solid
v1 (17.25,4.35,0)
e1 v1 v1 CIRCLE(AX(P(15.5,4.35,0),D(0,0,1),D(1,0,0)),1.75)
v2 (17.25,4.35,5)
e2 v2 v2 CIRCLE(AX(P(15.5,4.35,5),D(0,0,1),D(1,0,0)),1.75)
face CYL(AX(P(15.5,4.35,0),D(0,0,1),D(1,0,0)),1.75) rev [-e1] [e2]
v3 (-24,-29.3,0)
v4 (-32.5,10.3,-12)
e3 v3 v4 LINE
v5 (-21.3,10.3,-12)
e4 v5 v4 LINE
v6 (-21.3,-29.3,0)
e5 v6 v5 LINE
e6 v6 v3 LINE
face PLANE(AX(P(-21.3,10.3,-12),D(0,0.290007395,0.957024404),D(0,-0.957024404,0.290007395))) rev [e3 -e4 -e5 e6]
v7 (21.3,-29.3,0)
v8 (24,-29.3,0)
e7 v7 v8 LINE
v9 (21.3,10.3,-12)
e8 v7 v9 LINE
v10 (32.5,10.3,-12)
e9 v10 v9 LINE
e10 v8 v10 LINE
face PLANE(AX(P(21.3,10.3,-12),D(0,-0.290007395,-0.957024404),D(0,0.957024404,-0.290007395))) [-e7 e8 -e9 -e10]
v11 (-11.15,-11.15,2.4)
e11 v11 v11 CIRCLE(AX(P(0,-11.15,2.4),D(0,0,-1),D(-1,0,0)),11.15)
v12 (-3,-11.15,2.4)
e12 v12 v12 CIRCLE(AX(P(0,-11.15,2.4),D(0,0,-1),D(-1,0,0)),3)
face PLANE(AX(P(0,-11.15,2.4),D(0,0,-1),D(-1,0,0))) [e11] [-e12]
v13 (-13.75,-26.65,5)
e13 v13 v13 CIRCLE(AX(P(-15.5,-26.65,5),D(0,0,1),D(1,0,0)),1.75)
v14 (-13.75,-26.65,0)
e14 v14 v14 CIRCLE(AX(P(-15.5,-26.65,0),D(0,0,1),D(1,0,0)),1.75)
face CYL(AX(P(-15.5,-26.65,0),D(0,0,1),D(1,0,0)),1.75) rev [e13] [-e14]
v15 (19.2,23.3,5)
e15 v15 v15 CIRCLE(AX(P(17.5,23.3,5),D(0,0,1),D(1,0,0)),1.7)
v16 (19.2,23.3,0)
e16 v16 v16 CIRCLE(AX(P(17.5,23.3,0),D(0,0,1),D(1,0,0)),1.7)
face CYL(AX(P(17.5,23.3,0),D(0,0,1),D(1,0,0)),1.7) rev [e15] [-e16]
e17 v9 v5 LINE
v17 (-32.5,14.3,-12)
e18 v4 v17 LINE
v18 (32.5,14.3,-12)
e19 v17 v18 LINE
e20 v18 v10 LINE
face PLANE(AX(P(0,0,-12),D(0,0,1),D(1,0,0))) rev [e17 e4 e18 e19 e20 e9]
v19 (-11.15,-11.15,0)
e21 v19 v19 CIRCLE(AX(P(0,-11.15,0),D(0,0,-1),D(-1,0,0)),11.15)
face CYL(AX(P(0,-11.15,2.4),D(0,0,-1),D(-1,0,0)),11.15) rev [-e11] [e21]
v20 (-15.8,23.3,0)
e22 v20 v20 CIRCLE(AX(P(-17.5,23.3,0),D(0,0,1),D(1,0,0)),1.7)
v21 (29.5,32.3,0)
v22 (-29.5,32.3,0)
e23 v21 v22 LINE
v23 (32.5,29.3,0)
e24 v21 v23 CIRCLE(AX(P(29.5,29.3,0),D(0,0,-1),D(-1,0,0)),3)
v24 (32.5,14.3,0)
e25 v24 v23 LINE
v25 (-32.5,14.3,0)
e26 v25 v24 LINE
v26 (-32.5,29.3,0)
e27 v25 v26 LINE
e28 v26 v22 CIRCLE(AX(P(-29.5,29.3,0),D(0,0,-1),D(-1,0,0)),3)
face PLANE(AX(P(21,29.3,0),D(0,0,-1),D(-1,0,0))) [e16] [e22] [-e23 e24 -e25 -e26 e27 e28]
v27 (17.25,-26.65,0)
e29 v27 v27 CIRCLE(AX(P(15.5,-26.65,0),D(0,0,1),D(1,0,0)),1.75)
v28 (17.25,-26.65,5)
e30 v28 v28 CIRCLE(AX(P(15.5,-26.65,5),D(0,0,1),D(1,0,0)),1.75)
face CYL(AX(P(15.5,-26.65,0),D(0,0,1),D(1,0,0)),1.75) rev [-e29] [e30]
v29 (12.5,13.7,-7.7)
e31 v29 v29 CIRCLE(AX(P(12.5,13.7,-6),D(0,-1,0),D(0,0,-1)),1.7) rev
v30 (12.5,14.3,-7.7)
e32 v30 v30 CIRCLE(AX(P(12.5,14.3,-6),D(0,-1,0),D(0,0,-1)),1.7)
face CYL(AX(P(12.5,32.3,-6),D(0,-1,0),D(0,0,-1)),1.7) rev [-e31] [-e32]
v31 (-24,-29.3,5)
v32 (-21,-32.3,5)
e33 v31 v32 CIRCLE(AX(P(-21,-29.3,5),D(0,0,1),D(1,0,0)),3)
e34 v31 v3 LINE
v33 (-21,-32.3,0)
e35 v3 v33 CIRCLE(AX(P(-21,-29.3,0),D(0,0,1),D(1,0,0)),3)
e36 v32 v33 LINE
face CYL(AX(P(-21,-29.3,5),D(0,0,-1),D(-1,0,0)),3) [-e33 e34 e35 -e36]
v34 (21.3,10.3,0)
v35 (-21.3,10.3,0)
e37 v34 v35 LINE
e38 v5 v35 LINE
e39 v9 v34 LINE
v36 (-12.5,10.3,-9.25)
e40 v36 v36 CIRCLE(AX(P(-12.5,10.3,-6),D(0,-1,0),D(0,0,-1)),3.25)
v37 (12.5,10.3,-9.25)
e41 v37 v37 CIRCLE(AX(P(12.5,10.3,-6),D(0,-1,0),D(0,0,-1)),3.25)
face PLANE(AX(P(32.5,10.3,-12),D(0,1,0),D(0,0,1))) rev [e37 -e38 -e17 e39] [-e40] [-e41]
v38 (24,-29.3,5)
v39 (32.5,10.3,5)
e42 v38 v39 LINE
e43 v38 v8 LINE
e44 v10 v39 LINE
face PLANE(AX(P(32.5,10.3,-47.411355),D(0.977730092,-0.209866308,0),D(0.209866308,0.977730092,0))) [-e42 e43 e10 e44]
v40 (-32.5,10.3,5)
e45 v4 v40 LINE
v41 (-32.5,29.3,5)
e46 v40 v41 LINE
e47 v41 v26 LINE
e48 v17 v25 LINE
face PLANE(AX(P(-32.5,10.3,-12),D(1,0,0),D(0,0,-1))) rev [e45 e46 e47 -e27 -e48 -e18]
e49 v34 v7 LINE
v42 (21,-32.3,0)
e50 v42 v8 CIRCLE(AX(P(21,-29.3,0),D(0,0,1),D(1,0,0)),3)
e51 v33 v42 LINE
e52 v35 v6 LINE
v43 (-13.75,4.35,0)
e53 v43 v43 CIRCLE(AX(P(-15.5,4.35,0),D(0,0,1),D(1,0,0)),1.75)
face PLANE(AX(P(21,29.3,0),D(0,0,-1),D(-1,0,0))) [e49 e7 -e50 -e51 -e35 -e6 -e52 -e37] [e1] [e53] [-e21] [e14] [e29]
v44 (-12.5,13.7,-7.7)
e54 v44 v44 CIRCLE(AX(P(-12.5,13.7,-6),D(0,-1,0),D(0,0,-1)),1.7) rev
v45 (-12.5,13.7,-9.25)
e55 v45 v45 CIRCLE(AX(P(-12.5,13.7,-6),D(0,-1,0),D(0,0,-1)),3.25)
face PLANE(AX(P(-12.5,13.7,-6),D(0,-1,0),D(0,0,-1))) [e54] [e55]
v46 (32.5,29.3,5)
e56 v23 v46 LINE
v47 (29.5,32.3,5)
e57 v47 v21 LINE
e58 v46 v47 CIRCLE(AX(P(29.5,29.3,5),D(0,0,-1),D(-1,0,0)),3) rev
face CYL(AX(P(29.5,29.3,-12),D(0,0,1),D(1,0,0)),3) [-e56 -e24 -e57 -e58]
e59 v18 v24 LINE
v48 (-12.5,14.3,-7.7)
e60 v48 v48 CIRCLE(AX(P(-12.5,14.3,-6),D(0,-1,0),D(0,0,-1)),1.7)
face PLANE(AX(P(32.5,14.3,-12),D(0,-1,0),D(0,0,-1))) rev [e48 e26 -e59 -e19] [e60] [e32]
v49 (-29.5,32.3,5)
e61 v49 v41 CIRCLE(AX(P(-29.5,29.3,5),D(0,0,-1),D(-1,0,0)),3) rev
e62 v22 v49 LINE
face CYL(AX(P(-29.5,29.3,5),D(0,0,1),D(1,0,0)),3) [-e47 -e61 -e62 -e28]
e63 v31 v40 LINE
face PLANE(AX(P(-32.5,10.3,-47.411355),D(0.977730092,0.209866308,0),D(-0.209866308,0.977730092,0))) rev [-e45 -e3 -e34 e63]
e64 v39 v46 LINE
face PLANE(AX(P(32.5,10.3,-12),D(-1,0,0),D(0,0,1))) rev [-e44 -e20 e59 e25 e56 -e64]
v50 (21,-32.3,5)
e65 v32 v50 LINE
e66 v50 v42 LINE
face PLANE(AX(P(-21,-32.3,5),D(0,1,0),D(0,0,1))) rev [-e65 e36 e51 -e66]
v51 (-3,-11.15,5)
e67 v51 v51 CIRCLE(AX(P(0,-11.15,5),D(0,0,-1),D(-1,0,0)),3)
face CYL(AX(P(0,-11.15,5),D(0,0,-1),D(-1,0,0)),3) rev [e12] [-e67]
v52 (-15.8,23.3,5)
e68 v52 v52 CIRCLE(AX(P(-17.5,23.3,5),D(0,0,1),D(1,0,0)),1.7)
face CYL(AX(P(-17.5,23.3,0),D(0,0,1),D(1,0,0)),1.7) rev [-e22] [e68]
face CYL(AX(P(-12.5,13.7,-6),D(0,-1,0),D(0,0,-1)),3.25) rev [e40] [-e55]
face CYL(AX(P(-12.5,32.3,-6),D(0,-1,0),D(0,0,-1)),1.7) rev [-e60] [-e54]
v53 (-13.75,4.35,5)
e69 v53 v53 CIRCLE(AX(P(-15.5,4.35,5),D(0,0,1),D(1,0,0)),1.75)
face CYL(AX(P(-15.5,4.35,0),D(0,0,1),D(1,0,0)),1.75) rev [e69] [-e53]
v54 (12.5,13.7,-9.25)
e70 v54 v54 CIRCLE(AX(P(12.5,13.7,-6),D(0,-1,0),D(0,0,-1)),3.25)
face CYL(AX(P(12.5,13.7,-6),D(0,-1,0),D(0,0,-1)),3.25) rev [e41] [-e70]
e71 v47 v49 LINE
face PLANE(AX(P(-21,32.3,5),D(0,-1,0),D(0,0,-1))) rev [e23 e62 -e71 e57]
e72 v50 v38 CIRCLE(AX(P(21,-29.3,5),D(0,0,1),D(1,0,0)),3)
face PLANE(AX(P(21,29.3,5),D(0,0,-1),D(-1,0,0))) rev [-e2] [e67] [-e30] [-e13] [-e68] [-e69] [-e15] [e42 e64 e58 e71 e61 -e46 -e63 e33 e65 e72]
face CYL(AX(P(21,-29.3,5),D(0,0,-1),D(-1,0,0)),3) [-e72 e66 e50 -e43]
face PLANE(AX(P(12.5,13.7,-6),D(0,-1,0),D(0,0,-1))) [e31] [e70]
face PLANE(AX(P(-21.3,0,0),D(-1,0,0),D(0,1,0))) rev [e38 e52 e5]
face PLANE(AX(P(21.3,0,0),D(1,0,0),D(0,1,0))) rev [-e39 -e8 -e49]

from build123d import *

# Parameters (mm, degrees)
AUFSATZ_LINEAR_AUSTRAGEN1_DEPTH  = 5
SKIZZE2_R                        = 1.75
SKIZZE2_R_2                      = 1.7
SCHNITT_LINEAR_AUSTRAGEN1_DEPTH  = 41.549845869
SKIZZE3_R                        = 11.15
SCHNITT_LINEAR_AUSTRAGEN2_DEPTH  = 2.4
SKIZZE4_R                        = 3
SCHNITT_LINEAR_AUSTRAGEN3_DEPTH  = 41.324310285
SKIZZE9_W                        = 65
SKIZZE9_H                        = 4
AUFSATZ_LINEAR_AUSTRAGEN6_DEPTH  = 12
SKIZZE13_W                       = 8.5
SKIZZE13_H                       = 5
AUFSATZ_LINEAR_AUSTRAGEN8_DEPTH  = 4
AUFSATZ_LINEAR_AUSTRAGEN7_DEPTH  = 2.7
SKIZZE14_R                       = 1.7
SCHNITT_LINEAR_AUSTRAGEN4_DEPTH  = 55.909106713
SKIZZE15_R                       = 3.25
SCHNITT_LINEAR_AUSTRAGEN5_DEPTH  = 3.4
AUFSATZ_LINEAR_AUSTRAGEN9_REACH  = 50.873
AUFSATZ_LINEAR_AUSTRAGEN10_DEPTH = 5
VERRUNDUNG4_R                    = 3
VERRUNDUNG4_OF_SPIEGELN5_R       = 3


with BuildPart() as part:
    # Skizze1 → Aufsatz-Linear austragen1 (new body)
    with BuildSketch(Plane.XY):
        with BuildLine():
            Line((-21, 32.3), (21, 32.3))
            ThreePointArc((21, 32.3), (23.121320344, 31.421320344), (24, 29.3))
            Line((24, 29.3), (24, -29.3))
            ThreePointArc((24, -29.3), (23.121320344, -31.421320344), (21, -32.3))
            Line((21, -32.3), (-21, -32.3))
            ThreePointArc((-21, -32.3), (-23.121320344, -31.421320344), (-24, -29.3))
            Line((-24, -29.3), (-24, 29.3))
            ThreePointArc((-24, 29.3), (-23.121320344, 31.421320344), (-21, 32.3))
        make_face()
    extrude(amount=AUFSATZ_LINEAR_AUSTRAGEN1_DEPTH)

    # Skizze2 → Schnitt-Linear austragen1 (cut, through all)
    with BuildSketch(Plane.XY.offset(5)):
        with Locations((-15.5, -26.65)):
            Circle(SKIZZE2_R)
        with Locations((15.5, -26.65)):
            Circle(SKIZZE2_R)
        with Locations((15.5, 4.35)):
            Circle(SKIZZE2_R)
        with Locations((-15.5, 4.35)):
            Circle(SKIZZE2_R)
        with Locations((-17.5, 23.3)):
            Circle(SKIZZE2_R_2)
        with Locations((17.5, 23.3)):
            Circle(SKIZZE2_R_2)
    extrude(amount=-SCHNITT_LINEAR_AUSTRAGEN1_DEPTH, mode=Mode.SUBTRACT)

    # Skizze3 → Schnitt-Linear austragen2 (cut)
    with BuildSketch(Plane(origin=(0, 0, 0), x_dir=(-1, 0, 0), z_dir=(0, 0, -1))):
        with Locations((0, -11.15)):
            Circle(SKIZZE3_R)
    extrude(amount=-SCHNITT_LINEAR_AUSTRAGEN2_DEPTH, mode=Mode.SUBTRACT)

    # Skizze4 → Schnitt-Linear austragen3 (cut, through all)
    with BuildSketch(Plane(origin=(0, 0, 2.4), x_dir=(-1, 0, 0), z_dir=(0, 0, -1))):
        with Locations((0, -11.15)):
            Circle(SKIZZE4_R)
    extrude(amount=-SCHNITT_LINEAR_AUSTRAGEN3_DEPTH, mode=Mode.SUBTRACT)

    # Skizze9 → Aufsatz-Linear austragen6 (add)
    with BuildSketch(Plane(origin=(0, 0, 0), x_dir=(-1, 0, 0), z_dir=(0, 0, -1))):
        with Locations((0, 12.3)):
            Rectangle(SKIZZE9_W, SKIZZE9_H)
    extrude(amount=AUFSATZ_LINEAR_AUSTRAGEN6_DEPTH)

    # Skizze13 → Aufsatz-Linear austragen8 (add)
    with BuildSketch(Plane(origin=(0, 14.3, 0), x_dir=(1, 0, 0), z_dir=(0, 1, 0))):
        with Locations((28.25, -2.5)):
            Rectangle(SKIZZE13_W, SKIZZE13_H)
    aufsatz_linear_austragen8 = extrude(amount=-AUFSATZ_LINEAR_AUSTRAGEN8_DEPTH)

    # Skizze11 → Aufsatz-Linear austragen7 (add)
    with BuildSketch(Plane(origin=(24, 0, 0), x_dir=(0, 0, -1), z_dir=(1, 0, 0))):
        Polygon((12, 10.3), (0, -29.3), (0, 10.3), align=None)
    aufsatz_linear_austragen7 = extrude(amount=-AUFSATZ_LINEAR_AUSTRAGEN7_DEPTH)

    # Spiegeln4: Aufsatz-Linear austragen8, Aufsatz-Linear austragen7 across plane
    add(aufsatz_linear_austragen8.mirror(Plane.ZY))
    add(aufsatz_linear_austragen7.mirror(Plane.ZY))

    # Skizze14 → Schnitt-Linear austragen4 (cut, through all)
    with BuildSketch(Plane.XZ.offset(-10.3)):
        with Locations(Location((12.5, -6, 0), (0, 0, 270))):
            Circle(SKIZZE14_R)
        with Locations(Location((-12.5, -6, 0), (0, 0, 270))):
            Circle(SKIZZE14_R)
    extrude(amount=-SCHNITT_LINEAR_AUSTRAGEN4_DEPTH, mode=Mode.SUBTRACT)

    # Skizze15 → Schnitt-Linear austragen5 (cut)
    with BuildSketch(Plane(origin=(0, 10.3, 0), x_dir=(-1, 0, 0), z_dir=(0, -1, 0))):
        with Locations(Location((12.5, 6, 0), (0, 0, 90))):
            Circle(SKIZZE15_R)
        with Locations(Location((-12.5, 6, 0), (0, 0, 90))):
            Circle(SKIZZE15_R)
    extrude(amount=-SCHNITT_LINEAR_AUSTRAGEN5_DEPTH, mode=Mode.SUBTRACT)

    # Aufsatz-Linear austragen9: up to this plane
    aufsatz_linear_austragen9_end = Plane(origin=(21.3, 10.3, -12), z_dir=(0, -0.29000739528287084, -0.9570244044334736))
    # Skizze16 → Aufsatz-Linear austragen9 (add, up to the surface)
    with BuildSketch(Plane.XY.offset(5), mode=Mode.PRIVATE) as aufsatz_linear_austragen9_sk1:
        Polygon((32.5, 10.3), (24, -29.3), (24, 10.3), align=None)
    aufsatz_linear_austragen9_tool1 = split(extrude(aufsatz_linear_austragen9_sk1.sketch, amount=-AUFSATZ_LINEAR_AUSTRAGEN9_REACH, mode=Mode.PRIVATE), bisect_by=aufsatz_linear_austragen9_end, keep=Keep.BOTH, mode=Mode.PRIVATE)
    aufsatz_linear_austragen9 = aufsatz_linear_austragen9_tool1.solids().sort_by_distance((26.833333, -2.9, 5))[0]
    add(aufsatz_linear_austragen9)

    # Skizze17 → Aufsatz-Linear austragen10 (add)
    with BuildSketch(Plane.XY.offset(5)):
        Polygon((21, 32.3), (32.5, 32.3), (32.5, 14.3), (24, 14.3), align=None)
    aufsatz_linear_austragen10 = extrude(amount=-AUFSATZ_LINEAR_AUSTRAGEN10_DEPTH)

    # Verrundung4
    verrundung4_edges = [part.edges().sort_by_distance(p)[0] for p in [
        (32.5, 32.3, 2.5),
    ]]
    fillet(verrundung4_edges, radius=VERRUNDUNG4_R)

    # Spiegeln5: Aufsatz-Linear austragen9, Aufsatz-Linear austragen10 across plane
    add(aufsatz_linear_austragen9.mirror(Plane.ZY))
    add(aufsatz_linear_austragen10.mirror(Plane.ZY))

    # Verrundung4 of Spiegeln5
    verrundung4_of_spiegeln5_edges = [part.edges().sort_by_distance(p)[0] for p in [
        (-32.5, 32.3, 2.5),
    ]]
    fillet(verrundung4_of_spiegeln5_edges, radius=VERRUNDUNG4_OF_SPIEGELN5_R)


solid = part.part
